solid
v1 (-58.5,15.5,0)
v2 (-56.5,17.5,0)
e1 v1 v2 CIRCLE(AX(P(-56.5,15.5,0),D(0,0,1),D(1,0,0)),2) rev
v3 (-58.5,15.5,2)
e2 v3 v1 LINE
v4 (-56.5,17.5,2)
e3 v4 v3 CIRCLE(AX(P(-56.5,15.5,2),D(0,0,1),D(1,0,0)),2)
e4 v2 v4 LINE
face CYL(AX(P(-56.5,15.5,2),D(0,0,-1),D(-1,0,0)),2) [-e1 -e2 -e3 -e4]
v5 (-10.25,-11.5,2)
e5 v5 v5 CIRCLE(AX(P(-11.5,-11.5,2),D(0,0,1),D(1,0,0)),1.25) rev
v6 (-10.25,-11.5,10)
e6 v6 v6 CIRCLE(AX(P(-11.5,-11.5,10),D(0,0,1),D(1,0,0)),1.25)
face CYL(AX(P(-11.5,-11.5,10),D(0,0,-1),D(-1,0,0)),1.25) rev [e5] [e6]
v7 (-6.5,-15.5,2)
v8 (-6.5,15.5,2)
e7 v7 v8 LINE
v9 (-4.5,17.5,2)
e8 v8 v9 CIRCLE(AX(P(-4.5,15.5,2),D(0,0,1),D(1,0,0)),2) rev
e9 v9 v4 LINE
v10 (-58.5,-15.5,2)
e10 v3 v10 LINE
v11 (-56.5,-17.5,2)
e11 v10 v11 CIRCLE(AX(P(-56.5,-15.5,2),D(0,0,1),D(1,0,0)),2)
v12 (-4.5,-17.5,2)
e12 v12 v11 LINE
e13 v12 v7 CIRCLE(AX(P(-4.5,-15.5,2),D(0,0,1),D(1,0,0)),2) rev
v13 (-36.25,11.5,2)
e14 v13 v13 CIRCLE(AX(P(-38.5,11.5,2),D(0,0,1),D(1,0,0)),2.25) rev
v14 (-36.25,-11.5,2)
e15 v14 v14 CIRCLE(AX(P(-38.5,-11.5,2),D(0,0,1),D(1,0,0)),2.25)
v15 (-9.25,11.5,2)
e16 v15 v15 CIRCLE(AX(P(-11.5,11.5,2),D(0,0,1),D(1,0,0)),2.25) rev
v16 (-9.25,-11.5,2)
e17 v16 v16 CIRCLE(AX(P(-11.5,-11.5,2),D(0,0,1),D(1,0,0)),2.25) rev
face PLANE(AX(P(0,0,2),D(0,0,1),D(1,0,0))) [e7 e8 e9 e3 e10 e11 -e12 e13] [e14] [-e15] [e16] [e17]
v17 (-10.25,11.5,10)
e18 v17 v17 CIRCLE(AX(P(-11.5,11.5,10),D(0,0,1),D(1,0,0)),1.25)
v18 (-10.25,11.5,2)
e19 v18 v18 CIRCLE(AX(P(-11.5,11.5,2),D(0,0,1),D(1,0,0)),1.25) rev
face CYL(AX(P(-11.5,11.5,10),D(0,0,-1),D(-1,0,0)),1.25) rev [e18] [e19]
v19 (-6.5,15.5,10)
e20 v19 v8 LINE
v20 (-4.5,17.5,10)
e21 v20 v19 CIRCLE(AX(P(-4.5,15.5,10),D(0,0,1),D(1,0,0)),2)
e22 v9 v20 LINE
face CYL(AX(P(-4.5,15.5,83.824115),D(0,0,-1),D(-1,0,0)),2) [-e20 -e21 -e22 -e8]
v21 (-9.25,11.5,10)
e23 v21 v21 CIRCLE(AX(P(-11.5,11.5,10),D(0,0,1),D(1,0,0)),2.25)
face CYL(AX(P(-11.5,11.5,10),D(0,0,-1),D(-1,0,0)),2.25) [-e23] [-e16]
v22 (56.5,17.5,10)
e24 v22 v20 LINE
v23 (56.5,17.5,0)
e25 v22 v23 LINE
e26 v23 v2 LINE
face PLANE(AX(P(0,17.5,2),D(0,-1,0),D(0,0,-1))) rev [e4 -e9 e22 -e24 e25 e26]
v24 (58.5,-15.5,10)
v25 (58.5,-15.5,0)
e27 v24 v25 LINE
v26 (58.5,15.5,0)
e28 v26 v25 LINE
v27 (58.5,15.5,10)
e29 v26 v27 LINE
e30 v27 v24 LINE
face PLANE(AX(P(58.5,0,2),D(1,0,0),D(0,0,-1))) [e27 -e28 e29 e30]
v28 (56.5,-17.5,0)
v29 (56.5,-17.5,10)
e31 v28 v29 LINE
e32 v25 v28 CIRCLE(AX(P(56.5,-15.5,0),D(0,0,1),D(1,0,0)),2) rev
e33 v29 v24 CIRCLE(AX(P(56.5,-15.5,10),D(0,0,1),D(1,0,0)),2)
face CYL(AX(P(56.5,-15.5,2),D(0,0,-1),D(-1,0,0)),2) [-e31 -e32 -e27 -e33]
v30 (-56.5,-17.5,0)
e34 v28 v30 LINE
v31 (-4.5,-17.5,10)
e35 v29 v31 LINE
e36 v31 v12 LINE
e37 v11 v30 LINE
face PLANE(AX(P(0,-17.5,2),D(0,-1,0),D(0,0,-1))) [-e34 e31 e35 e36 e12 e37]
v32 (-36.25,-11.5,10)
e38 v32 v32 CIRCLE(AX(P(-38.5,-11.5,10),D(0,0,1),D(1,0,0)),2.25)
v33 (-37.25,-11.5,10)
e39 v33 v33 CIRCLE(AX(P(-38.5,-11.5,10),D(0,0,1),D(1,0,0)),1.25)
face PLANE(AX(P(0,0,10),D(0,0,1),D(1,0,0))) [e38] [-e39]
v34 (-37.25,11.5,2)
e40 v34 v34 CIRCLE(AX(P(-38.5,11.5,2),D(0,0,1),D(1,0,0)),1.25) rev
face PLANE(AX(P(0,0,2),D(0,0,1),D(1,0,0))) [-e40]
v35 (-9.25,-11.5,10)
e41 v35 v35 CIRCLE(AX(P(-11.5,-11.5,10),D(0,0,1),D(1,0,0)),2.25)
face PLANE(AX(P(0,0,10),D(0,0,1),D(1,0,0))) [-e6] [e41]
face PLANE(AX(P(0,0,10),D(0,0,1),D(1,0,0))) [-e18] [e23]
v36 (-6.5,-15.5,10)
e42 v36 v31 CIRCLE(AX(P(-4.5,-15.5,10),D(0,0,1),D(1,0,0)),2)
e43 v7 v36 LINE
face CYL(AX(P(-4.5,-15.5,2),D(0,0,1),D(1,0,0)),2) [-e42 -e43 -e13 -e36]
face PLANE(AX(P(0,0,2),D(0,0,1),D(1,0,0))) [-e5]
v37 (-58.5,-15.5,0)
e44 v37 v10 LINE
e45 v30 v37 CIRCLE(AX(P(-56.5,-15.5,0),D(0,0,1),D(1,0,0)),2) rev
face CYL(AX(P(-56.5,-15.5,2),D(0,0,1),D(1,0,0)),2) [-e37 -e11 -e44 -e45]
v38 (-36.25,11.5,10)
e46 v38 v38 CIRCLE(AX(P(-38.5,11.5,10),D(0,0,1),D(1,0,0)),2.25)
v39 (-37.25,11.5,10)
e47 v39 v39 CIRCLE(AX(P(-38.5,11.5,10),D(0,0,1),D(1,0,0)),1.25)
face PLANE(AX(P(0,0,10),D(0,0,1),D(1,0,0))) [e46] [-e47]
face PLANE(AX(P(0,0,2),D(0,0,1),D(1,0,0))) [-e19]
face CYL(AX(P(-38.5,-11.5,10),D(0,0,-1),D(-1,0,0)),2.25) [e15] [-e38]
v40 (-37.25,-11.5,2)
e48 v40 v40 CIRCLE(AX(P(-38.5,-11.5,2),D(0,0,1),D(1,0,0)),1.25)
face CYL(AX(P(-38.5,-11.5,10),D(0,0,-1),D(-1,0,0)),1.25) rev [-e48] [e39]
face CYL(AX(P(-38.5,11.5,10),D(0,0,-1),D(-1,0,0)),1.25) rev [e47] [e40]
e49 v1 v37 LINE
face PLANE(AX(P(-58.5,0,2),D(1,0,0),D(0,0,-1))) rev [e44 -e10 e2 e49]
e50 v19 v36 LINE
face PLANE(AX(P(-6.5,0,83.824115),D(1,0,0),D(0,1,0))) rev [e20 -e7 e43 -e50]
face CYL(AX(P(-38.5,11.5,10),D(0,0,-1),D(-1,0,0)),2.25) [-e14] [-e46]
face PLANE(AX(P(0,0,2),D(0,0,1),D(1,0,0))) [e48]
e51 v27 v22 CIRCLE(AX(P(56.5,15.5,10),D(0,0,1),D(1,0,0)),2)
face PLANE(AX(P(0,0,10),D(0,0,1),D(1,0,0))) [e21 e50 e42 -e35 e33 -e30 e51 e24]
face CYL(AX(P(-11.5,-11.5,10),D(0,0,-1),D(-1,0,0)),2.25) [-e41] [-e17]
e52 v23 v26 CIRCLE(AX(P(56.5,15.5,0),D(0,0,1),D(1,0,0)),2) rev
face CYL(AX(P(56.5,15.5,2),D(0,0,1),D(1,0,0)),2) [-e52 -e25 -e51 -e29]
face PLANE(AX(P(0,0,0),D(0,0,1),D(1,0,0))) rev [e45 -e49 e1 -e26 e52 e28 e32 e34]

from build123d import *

# Parameters (mm, degrees)
SKETCH1_R             = 2.25
SKETCH1_R_2           = 1.25
BOSS_EXTRUDE1_DEPTH   = 10
BOSS_EXTRUDE1_2_DEPTH = 10
BOSS_EXTRUDE1_3_DEPTH = 10
BOSS_EXTRUDE1_4_DEPTH = 10
SKETCH1_3_W           = 117
SKETCH1_3_H           = 35
BOSS_EXTRUDE2_DEPTH   = 2
SKETCH1_4_W           = 65
SKETCH1_4_H           = 35
BOSS_EXTRUDE3_DEPTH   = 10
FILLET1_R             = 2


with BuildPart() as part:
    # Sketch1 → Boss-Extrude1 (new body)
    with BuildSketch(Plane.XY):
        with Locations((-38.5, -11.5)):
            Circle(SKETCH1_R)
        with Locations((-38.5, -11.5)):
            Circle(SKETCH1_R_2, mode=Mode.SUBTRACT)
    extrude(amount=BOSS_EXTRUDE1_DEPTH)



with BuildPart() as body_2:
    # Sketch1 → Boss-Extrude1 2 (new body)
    with BuildSketch(Plane.XY):
        with Locations((-11.5, -11.5)):
            Circle(SKETCH1_R)
        with Locations((-11.5, -11.5)):
            Circle(SKETCH1_R_2, mode=Mode.SUBTRACT)
    extrude(amount=BOSS_EXTRUDE1_2_DEPTH)


with BuildPart() as body_3:
    # Sketch1 → Boss-Extrude1 3 (new body)
    with BuildSketch(Plane.XY):
        with Locations((-11.5, 11.5)):
            Circle(SKETCH1_R)
        with Locations((-11.5, 11.5)):
            Circle(SKETCH1_R_2, mode=Mode.SUBTRACT)
    extrude(amount=BOSS_EXTRUDE1_3_DEPTH)


with BuildPart() as body_4:
    # Sketch1 → Boss-Extrude1 4 (new body)
    with BuildSketch(Plane.XY):
        with Locations((-38.5, 11.5)):
            Circle(SKETCH1_R)
        with Locations((-38.5, 11.5)):
            Circle(SKETCH1_R_2, mode=Mode.SUBTRACT)
    extrude(amount=BOSS_EXTRUDE1_4_DEPTH)


with BuildPart() as part_1:
    add(part.part)

    add(body_2.part)  # Boss-Extrude2 merges body 2

    add(body_3.part)  # Boss-Extrude2 merges body 3

    add(body_4.part)  # Boss-Extrude2 merges body 4
    # Sketch1<3> → Boss-Extrude2 (add)
    with BuildSketch(Plane.XY):
        Rectangle(SKETCH1_3_W, SKETCH1_3_H)
    extrude(amount=BOSS_EXTRUDE2_DEPTH)

    # Sketch1<4> → Boss-Extrude3 (add)
    with BuildSketch(Plane.XY):
        with Locations((26, 0)):
            Rectangle(SKETCH1_4_W, SKETCH1_4_H)
    extrude(amount=BOSS_EXTRUDE3_DEPTH)

    # Fillet1
    fillet1_edges = [part_1.edges().sort_by_distance(p)[0] for p in [
        (-58.5, 17.5, 1),
        (58.5, 17.5, 5),
        (58.5, -17.5, 5),
        (-58.5, -17.5, 1),
        (-6.5, -17.5, 6),
        (-6.5, 17.5, 6),
    ]]
    fillet(fillet1_edges, radius=FILLET1_R)


solid = part_1.part
